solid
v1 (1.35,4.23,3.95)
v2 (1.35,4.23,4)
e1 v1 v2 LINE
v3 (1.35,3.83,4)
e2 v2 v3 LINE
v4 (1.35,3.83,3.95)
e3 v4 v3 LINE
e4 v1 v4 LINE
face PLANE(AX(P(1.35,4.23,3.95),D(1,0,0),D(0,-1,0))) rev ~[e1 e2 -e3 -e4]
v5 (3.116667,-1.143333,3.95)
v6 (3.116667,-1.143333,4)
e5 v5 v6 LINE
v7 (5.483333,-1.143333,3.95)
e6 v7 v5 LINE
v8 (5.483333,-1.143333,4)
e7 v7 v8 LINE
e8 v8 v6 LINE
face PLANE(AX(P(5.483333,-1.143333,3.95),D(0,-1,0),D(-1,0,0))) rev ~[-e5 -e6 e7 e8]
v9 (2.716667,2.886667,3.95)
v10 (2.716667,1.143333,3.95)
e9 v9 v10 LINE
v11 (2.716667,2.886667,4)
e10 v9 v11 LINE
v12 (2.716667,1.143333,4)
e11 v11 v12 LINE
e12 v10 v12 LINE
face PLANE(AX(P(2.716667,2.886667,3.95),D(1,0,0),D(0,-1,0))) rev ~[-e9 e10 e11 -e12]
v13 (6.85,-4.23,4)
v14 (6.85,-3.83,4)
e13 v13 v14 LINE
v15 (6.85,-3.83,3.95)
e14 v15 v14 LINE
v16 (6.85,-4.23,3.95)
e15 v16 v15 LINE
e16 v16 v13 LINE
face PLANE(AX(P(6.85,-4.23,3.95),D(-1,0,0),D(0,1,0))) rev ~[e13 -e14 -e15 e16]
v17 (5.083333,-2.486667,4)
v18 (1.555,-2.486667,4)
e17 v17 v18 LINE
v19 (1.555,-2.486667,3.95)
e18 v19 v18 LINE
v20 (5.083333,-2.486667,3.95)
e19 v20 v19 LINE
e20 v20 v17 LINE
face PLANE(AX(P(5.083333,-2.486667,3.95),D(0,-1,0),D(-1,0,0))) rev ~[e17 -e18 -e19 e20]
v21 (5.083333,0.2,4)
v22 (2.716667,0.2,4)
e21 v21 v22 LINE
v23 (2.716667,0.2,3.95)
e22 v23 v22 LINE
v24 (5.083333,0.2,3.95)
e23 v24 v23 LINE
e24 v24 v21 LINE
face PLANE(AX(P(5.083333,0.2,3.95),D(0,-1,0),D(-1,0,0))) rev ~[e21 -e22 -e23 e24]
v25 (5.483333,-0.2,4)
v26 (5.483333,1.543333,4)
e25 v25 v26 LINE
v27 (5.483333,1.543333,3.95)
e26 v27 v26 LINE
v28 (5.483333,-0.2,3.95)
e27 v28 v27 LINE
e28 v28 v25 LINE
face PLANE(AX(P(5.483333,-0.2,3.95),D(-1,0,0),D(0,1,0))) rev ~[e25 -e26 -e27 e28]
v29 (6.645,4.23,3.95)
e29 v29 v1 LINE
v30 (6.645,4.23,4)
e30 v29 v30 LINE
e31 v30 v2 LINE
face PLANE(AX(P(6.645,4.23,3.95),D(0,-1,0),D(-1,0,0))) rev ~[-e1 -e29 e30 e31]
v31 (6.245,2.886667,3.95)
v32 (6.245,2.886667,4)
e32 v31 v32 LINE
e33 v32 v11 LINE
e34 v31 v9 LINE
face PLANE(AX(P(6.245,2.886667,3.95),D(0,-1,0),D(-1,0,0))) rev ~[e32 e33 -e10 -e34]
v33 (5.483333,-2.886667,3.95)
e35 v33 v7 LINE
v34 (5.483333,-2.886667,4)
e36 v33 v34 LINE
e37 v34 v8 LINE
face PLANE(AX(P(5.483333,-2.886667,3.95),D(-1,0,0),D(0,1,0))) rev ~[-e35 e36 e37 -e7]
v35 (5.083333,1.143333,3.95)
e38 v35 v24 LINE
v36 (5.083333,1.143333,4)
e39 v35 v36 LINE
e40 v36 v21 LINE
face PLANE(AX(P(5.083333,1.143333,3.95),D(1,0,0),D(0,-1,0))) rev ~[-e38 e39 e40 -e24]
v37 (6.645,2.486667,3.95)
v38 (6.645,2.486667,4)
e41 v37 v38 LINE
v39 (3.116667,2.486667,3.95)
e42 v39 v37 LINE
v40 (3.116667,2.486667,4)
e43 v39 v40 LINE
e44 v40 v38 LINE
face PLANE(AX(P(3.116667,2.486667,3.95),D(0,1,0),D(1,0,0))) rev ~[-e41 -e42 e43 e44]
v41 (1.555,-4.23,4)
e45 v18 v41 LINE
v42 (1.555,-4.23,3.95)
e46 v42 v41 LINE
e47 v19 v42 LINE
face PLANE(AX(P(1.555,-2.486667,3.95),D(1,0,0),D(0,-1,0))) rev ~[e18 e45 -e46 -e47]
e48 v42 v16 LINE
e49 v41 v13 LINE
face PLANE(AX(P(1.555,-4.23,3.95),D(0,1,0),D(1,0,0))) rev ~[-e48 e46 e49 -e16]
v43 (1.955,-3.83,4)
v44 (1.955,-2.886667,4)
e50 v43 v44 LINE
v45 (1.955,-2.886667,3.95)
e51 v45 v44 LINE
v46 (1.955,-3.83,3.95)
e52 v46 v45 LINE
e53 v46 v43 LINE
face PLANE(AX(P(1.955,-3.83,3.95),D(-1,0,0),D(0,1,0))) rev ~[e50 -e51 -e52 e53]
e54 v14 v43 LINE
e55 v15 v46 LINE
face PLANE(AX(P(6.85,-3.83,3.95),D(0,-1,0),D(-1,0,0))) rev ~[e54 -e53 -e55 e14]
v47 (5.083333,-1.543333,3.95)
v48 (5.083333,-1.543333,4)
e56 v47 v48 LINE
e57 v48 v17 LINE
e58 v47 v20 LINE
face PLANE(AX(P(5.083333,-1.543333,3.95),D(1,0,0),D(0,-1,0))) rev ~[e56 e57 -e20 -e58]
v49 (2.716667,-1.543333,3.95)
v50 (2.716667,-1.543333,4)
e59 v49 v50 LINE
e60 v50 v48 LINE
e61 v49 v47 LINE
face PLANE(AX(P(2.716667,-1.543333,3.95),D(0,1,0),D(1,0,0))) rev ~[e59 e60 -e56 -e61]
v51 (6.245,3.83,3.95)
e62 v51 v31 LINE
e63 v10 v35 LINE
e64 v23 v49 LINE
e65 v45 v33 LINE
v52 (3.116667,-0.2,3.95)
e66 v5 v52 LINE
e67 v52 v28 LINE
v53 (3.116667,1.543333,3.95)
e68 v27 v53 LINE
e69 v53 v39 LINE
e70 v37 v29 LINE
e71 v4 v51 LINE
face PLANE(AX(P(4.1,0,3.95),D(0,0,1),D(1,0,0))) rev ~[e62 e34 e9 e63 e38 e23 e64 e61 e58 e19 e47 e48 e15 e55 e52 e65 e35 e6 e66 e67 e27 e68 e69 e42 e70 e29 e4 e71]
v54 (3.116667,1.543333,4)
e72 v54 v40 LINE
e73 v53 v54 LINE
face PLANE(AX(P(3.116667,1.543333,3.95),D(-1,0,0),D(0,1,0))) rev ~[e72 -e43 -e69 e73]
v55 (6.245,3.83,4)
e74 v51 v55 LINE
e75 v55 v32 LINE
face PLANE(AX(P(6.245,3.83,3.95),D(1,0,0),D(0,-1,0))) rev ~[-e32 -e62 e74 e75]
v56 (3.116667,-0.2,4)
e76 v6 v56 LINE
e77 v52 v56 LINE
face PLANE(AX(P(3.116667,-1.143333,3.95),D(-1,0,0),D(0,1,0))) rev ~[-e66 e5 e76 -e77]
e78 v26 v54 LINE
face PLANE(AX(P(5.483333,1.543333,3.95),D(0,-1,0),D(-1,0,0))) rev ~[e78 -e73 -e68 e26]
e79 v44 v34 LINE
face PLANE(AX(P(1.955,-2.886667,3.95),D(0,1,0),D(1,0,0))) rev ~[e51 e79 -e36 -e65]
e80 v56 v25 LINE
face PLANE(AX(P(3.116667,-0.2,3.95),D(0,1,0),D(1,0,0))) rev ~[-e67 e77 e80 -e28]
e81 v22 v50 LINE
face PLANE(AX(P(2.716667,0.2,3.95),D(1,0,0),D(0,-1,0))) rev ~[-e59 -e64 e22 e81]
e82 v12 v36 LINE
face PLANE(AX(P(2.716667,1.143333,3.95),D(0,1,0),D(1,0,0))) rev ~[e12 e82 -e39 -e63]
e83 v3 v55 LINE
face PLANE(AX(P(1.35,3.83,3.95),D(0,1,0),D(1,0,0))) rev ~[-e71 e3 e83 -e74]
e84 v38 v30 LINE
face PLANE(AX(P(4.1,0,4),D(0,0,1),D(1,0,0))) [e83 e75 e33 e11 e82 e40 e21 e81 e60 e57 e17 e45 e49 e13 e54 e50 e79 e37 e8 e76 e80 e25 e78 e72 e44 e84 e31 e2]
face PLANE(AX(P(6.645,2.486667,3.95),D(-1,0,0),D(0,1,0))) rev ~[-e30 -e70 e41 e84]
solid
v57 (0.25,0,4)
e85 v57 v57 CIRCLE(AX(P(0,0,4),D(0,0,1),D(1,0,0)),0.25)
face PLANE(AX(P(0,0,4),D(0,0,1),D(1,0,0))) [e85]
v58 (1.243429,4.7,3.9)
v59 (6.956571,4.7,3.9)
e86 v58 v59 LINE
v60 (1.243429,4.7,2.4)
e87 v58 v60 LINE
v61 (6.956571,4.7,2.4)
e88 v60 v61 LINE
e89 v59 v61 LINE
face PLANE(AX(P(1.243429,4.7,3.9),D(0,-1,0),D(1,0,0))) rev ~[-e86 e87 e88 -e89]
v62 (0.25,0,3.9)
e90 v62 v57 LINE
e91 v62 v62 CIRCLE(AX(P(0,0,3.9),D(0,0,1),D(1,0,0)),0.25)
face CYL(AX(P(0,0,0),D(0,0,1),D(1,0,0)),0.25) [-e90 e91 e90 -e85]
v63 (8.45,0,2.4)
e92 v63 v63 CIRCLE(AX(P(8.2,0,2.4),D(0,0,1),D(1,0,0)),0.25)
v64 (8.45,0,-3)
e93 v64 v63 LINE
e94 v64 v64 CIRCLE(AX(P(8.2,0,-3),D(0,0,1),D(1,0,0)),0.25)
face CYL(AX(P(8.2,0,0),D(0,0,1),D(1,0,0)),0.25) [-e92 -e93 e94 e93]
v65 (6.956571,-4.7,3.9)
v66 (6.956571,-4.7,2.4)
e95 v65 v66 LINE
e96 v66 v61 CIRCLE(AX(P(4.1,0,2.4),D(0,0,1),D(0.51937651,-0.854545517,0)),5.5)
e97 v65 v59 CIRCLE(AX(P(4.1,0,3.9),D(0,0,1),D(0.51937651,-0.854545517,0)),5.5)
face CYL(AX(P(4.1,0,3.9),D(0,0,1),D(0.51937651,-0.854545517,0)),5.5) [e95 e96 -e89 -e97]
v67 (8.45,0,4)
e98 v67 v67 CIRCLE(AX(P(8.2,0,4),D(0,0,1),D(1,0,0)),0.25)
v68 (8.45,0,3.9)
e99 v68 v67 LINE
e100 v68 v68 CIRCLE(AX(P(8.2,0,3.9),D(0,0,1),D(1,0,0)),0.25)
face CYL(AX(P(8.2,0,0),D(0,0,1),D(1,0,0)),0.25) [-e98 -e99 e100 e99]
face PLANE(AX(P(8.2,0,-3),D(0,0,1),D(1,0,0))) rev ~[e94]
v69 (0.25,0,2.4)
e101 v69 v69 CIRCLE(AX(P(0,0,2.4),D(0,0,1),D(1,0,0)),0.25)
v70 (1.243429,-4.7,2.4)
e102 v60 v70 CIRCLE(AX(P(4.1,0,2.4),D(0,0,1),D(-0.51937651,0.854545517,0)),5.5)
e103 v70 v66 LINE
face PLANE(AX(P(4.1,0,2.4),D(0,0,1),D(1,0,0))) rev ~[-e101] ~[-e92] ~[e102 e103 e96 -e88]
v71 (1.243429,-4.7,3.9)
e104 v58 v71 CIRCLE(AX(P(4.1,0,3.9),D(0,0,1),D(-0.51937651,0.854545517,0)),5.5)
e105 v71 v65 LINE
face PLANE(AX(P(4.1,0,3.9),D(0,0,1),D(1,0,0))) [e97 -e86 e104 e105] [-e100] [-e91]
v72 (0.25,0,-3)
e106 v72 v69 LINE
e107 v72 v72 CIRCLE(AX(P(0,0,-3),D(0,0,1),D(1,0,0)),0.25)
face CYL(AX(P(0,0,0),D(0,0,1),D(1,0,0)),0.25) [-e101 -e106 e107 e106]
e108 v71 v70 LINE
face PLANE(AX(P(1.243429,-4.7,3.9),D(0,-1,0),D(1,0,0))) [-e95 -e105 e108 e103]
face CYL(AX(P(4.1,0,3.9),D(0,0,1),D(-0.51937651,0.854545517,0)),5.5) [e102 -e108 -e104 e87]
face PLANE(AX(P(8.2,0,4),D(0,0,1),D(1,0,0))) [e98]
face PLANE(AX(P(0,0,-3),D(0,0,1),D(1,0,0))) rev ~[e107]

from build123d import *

# Parameters (mm, degrees)
PAD001_DEPTH   = 1.5
SKETCH_R       = 0.25
PAD_DEPTH      = 4
PAD_DEPTH_BACK = 3
PAD002_DEPTH   = 0.05


with BuildPart() as pad001:
    # Sketch001 → Pad001 (new body)
    with BuildSketch(Plane.XY.offset(3.9)):
        with BuildLine():
            ThreePointArc((1.243429, 4.7), (-1.4, 0), (1.243429, -4.7))
            Line((1.243429, -4.7), (6.956571, -4.7))
            ThreePointArc((6.956571, -4.7), (9.6, 0), (6.956571, 4.7))
            Line((1.243429, 4.7), (6.956571, 4.7))
        make_face()
    extrude(amount=-PAD001_DEPTH)


with BuildPart() as pad:
    # Sketch → Pad (new body, two sides)
    with BuildSketch(Plane.XY) as pad_sk:
        Circle(SKETCH_R)
        with Locations((8.2, 0)):
            Circle(SKETCH_R)
    extrude(amount=PAD_DEPTH)
    extrude(pad_sk.sketch, amount=-PAD_DEPTH_BACK)


with BuildPart() as r_ldr_11x9_4mm_p8_2mm_vertical:
    # Sketch002 → Pad002 (new body)
    with BuildSketch(Plane.XY.offset(3.95)):
        Polygon((1.35, 3.83), (6.245, 3.83), (6.245, 2.886667), (2.716667, 2.886667), (2.716667, 2.486667), (2.716667, 1.143333), (3.116667, 1.143333), (5.083333, 1.143333), (5.083333, 0.2), (2.716667, 0.2), (2.716667, -0.2), (2.716667, -1.543333), (3.116667, -1.543333), (5.083333, -1.543333), (5.083333, -2.486667), (1.555, -2.486667), (1.555, -2.886667), (1.555, -4.23), (1.955, -4.23), (6.85, -4.23), (6.85, -3.83), (1.955, -3.83), (1.955, -2.886667), (5.083333, -2.886667), (5.483333, -2.886667), (5.483333, -1.543333), (5.483333, -1.143333), (3.116667, -1.143333), (3.116667, -0.2), (5.083333, -0.2), (5.483333, -0.2), (5.483333, 1.143333), (5.483333, 1.543333), (3.116667, 1.543333), (3.116667, 2.486667), (6.245, 2.486667), (6.645, 2.486667), (6.645, 3.83), (6.645, 4.23), (1.35, 4.23), align=None)
    extrude(amount=PAD002_DEPTH)

    # Pad002_mp_cp: union Pad001, Pad
    add(pad001.part)
    add(pad.part)


solid = r_ldr_11x9_4mm_p8_2mm_vertical.part
